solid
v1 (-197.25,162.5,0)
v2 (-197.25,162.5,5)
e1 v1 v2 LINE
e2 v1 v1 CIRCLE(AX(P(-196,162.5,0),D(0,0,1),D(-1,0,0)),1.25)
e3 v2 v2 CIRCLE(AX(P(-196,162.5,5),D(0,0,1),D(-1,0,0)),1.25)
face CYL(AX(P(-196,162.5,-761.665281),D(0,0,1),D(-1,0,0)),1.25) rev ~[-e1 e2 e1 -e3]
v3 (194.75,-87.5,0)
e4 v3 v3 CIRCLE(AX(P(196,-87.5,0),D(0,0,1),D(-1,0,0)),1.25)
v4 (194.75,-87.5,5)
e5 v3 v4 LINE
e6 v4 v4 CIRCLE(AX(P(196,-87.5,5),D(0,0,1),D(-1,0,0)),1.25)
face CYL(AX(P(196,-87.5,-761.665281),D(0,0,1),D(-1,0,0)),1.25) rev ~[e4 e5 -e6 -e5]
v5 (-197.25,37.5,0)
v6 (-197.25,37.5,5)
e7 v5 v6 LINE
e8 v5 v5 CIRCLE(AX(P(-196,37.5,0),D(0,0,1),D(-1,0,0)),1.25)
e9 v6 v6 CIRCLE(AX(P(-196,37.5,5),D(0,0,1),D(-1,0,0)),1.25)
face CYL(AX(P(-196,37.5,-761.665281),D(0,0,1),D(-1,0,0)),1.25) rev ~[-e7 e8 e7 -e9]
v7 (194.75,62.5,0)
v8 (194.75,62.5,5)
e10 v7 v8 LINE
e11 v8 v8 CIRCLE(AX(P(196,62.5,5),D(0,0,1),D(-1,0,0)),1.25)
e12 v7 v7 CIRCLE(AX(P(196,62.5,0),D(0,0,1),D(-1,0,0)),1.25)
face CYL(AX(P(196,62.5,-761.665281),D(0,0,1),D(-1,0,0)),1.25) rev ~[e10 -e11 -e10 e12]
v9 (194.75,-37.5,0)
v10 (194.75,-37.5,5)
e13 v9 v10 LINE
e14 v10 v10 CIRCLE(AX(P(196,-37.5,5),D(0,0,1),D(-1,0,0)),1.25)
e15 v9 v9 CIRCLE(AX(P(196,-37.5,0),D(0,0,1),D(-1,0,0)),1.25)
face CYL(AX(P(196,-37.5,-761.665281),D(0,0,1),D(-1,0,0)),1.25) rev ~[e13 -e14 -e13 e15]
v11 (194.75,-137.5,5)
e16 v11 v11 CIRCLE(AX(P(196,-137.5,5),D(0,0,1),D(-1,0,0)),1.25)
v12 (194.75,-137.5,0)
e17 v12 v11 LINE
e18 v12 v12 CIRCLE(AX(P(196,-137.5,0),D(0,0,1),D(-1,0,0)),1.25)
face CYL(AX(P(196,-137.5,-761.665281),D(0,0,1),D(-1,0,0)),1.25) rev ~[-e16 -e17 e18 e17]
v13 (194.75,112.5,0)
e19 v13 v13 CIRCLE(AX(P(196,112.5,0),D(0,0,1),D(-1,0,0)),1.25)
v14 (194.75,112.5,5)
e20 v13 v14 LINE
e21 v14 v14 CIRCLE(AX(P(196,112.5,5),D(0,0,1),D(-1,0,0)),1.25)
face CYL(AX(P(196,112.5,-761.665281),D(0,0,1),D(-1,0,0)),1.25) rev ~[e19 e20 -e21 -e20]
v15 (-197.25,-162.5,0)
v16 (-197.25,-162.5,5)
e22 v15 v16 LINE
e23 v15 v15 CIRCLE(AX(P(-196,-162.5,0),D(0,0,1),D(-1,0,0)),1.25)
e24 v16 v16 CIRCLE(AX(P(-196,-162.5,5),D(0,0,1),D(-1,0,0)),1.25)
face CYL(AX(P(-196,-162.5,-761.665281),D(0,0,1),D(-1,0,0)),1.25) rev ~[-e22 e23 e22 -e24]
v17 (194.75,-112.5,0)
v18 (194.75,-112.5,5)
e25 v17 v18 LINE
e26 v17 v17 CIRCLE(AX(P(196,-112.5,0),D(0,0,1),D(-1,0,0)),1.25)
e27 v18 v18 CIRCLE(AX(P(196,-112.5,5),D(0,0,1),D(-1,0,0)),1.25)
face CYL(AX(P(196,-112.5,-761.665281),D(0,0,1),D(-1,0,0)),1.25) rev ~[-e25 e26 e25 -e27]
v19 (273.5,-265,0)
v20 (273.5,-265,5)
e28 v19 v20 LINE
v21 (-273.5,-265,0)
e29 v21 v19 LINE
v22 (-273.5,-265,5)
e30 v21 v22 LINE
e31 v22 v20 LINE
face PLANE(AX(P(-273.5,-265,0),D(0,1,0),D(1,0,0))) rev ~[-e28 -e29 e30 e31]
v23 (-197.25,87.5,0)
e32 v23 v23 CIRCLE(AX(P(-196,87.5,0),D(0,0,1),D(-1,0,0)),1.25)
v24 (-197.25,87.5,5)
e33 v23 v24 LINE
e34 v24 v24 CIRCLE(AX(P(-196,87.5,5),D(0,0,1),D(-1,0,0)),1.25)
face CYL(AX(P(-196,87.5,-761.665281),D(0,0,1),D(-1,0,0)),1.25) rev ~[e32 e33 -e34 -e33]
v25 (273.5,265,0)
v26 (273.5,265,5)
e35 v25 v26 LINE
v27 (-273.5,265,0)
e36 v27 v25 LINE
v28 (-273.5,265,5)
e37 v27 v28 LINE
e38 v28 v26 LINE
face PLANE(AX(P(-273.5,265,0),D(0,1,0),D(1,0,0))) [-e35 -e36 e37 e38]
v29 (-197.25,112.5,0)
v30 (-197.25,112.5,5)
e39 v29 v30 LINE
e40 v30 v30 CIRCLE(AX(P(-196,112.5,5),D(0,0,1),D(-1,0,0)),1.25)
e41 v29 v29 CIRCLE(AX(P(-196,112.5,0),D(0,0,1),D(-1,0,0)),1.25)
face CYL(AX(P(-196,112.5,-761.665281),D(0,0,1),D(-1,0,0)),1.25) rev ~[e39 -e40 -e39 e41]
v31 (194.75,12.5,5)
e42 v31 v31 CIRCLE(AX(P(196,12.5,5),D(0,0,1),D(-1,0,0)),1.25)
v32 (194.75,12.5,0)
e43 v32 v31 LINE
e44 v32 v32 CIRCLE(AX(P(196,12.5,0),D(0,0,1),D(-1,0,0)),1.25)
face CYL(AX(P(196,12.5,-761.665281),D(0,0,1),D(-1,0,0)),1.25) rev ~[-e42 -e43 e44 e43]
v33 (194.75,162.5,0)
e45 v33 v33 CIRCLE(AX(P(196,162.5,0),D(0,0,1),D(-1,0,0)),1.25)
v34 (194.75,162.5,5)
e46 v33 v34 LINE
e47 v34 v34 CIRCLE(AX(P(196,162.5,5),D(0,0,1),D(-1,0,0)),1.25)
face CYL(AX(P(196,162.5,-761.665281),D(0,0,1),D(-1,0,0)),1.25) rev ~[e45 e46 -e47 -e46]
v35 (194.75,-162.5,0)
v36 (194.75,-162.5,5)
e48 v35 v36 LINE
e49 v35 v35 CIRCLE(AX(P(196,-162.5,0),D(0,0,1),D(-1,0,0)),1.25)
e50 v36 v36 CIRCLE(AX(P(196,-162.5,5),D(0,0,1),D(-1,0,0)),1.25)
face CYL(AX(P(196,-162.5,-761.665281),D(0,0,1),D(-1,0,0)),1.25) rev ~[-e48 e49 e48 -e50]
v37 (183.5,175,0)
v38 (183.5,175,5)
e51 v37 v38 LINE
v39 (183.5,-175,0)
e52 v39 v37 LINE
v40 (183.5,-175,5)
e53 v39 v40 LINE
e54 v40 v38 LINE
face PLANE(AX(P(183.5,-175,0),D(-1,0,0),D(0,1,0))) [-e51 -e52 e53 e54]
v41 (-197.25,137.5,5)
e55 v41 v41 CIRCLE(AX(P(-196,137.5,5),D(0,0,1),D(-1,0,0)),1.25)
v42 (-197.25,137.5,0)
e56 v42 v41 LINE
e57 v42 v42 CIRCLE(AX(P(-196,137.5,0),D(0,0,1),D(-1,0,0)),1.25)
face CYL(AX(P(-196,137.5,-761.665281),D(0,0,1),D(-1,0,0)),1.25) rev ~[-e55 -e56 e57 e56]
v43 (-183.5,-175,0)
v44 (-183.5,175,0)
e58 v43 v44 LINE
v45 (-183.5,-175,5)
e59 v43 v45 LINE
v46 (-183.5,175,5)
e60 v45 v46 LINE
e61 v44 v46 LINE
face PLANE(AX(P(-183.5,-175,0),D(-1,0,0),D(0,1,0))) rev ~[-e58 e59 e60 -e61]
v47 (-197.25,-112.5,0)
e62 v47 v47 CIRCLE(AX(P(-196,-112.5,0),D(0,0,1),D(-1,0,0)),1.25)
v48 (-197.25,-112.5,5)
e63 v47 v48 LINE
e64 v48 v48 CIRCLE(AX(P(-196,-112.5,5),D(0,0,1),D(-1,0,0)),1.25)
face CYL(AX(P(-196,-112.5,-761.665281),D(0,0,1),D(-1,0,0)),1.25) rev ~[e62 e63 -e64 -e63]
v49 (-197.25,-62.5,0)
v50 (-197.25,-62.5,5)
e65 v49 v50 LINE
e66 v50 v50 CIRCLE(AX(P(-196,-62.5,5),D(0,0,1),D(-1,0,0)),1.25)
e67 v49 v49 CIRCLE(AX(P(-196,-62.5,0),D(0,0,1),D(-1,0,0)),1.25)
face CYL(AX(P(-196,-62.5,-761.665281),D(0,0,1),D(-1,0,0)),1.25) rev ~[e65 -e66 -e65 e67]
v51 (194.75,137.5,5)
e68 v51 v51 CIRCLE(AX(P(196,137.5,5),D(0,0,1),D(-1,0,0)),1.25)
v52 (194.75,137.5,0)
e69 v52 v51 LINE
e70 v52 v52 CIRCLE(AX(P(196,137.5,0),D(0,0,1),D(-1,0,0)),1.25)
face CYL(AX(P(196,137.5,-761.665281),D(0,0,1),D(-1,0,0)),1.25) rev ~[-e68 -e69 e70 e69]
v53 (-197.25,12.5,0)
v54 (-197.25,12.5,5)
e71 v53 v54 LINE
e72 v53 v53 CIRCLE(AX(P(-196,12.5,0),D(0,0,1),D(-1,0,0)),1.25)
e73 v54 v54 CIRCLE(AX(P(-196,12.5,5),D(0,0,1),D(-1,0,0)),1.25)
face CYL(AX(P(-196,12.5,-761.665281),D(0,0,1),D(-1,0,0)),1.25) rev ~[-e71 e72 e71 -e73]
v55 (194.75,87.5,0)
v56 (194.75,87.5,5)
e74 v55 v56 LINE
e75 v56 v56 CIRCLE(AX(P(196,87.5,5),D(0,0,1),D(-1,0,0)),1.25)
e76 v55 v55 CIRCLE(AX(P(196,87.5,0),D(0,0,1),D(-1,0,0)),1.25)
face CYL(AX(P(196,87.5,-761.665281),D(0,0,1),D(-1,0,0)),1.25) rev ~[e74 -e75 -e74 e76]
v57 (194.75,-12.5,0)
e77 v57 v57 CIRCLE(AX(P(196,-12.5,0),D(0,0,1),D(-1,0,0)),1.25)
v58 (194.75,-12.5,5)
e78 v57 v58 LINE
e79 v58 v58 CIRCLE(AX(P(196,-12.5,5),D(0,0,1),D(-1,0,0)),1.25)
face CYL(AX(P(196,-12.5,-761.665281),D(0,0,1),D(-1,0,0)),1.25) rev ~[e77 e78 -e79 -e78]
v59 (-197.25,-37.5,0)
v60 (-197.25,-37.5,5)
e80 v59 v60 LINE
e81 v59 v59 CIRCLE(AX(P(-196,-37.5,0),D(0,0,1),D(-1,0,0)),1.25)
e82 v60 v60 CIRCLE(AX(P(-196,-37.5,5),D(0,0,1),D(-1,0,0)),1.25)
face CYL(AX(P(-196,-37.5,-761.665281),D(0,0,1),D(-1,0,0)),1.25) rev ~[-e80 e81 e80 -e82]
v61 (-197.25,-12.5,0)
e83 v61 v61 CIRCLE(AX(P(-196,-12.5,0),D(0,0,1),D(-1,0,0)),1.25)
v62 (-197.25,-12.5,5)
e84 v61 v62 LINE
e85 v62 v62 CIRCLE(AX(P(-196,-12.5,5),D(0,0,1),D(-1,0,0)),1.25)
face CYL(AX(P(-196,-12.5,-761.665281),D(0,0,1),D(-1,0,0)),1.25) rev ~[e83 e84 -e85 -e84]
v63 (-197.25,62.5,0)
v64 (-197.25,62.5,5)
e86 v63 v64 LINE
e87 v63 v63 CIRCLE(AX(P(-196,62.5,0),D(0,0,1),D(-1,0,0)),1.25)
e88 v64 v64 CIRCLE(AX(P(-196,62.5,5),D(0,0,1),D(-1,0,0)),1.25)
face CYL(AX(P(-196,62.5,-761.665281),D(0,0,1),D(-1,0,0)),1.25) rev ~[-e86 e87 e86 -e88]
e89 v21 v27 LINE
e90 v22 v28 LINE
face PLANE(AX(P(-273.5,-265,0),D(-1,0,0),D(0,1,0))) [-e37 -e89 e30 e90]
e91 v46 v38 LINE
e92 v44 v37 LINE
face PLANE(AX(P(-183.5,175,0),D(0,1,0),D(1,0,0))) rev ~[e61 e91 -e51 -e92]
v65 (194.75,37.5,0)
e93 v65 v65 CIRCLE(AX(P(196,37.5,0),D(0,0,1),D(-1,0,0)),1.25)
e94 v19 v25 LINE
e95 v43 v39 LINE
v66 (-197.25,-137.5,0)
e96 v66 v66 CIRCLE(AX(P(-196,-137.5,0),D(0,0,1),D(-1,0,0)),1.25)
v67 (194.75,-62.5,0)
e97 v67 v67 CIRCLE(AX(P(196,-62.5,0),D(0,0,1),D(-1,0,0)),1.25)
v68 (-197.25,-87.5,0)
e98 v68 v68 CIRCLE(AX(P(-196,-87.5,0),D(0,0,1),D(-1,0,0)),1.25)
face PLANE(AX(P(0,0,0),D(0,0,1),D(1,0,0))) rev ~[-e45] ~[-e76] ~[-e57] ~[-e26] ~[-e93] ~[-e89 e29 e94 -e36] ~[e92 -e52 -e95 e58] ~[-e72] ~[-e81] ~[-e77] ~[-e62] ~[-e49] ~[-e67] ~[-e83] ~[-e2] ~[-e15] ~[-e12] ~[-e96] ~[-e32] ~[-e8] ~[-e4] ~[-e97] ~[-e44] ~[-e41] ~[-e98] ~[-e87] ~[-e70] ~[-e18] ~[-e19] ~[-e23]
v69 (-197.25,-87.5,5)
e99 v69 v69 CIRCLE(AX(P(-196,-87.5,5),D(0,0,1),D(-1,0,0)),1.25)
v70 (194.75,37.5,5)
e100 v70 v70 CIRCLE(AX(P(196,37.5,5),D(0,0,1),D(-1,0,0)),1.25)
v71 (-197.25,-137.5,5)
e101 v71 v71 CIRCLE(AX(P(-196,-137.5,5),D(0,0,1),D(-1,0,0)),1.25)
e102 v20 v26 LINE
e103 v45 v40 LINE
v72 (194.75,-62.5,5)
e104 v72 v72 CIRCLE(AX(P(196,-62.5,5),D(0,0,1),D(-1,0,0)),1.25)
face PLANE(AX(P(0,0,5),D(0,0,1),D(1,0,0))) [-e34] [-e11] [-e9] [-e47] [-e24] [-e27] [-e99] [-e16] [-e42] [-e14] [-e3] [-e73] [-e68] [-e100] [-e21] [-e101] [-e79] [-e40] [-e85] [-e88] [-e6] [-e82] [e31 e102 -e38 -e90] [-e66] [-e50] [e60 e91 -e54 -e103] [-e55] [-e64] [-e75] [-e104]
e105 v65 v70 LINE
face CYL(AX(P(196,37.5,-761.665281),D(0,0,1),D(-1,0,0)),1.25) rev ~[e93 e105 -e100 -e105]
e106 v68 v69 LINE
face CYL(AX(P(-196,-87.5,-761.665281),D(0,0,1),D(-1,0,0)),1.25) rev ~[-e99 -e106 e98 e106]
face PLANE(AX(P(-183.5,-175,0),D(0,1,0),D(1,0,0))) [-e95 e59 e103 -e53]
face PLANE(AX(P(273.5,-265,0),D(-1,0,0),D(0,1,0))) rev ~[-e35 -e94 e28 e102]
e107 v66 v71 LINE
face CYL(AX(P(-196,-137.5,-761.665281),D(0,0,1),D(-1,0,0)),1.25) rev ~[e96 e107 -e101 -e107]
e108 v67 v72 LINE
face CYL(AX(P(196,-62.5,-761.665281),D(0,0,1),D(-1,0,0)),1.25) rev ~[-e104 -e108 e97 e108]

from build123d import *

# Parameters (mm, degrees)
F0_W     = 547
F0_H     = 530
F0_W_2   = 367
F0_H_2   = 350
F1_DEPTH = 5
F2_D     = 2.5


with BuildPart() as f1:
    # F0 (on Top) → F1 (new body)
    with BuildSketch(Plane.XY):
        Rectangle(F0_W, F0_H)
        Rectangle(F0_W_2, F0_H_2, mode=Mode.SUBTRACT)
    extrude(amount=F1_DEPTH)

    # F2 (through all)
    with Locations(Plane(origin=(0, 0, 0), x_dir=(1, 0, 0), z_dir=(0, 0, -1))):
        with Locations((-196, -112.5), (-196, -87.5), (-196, -62.5), (-196, -37.5), (-196, -12.5), (-196, 12.5), (-196, 37.5), (-196, 62.5), (-196, 87.5), (-196, 112.5), (-196, 137.5), (-196, 162.5), (196, 162.5), (196, 137.5), (196, 112.5), (196, 87.5), (196, 62.5), (196, 37.5), (196, 12.5), (196, -12.5), (196, -37.5), (196, -62.5), (196, -87.5), (196, -112.5), (-196, -137.5), (-196, -162.5), (196, -137.5), (196, -162.5)):
            Hole(F2_D / 2)


solid = f1.part
